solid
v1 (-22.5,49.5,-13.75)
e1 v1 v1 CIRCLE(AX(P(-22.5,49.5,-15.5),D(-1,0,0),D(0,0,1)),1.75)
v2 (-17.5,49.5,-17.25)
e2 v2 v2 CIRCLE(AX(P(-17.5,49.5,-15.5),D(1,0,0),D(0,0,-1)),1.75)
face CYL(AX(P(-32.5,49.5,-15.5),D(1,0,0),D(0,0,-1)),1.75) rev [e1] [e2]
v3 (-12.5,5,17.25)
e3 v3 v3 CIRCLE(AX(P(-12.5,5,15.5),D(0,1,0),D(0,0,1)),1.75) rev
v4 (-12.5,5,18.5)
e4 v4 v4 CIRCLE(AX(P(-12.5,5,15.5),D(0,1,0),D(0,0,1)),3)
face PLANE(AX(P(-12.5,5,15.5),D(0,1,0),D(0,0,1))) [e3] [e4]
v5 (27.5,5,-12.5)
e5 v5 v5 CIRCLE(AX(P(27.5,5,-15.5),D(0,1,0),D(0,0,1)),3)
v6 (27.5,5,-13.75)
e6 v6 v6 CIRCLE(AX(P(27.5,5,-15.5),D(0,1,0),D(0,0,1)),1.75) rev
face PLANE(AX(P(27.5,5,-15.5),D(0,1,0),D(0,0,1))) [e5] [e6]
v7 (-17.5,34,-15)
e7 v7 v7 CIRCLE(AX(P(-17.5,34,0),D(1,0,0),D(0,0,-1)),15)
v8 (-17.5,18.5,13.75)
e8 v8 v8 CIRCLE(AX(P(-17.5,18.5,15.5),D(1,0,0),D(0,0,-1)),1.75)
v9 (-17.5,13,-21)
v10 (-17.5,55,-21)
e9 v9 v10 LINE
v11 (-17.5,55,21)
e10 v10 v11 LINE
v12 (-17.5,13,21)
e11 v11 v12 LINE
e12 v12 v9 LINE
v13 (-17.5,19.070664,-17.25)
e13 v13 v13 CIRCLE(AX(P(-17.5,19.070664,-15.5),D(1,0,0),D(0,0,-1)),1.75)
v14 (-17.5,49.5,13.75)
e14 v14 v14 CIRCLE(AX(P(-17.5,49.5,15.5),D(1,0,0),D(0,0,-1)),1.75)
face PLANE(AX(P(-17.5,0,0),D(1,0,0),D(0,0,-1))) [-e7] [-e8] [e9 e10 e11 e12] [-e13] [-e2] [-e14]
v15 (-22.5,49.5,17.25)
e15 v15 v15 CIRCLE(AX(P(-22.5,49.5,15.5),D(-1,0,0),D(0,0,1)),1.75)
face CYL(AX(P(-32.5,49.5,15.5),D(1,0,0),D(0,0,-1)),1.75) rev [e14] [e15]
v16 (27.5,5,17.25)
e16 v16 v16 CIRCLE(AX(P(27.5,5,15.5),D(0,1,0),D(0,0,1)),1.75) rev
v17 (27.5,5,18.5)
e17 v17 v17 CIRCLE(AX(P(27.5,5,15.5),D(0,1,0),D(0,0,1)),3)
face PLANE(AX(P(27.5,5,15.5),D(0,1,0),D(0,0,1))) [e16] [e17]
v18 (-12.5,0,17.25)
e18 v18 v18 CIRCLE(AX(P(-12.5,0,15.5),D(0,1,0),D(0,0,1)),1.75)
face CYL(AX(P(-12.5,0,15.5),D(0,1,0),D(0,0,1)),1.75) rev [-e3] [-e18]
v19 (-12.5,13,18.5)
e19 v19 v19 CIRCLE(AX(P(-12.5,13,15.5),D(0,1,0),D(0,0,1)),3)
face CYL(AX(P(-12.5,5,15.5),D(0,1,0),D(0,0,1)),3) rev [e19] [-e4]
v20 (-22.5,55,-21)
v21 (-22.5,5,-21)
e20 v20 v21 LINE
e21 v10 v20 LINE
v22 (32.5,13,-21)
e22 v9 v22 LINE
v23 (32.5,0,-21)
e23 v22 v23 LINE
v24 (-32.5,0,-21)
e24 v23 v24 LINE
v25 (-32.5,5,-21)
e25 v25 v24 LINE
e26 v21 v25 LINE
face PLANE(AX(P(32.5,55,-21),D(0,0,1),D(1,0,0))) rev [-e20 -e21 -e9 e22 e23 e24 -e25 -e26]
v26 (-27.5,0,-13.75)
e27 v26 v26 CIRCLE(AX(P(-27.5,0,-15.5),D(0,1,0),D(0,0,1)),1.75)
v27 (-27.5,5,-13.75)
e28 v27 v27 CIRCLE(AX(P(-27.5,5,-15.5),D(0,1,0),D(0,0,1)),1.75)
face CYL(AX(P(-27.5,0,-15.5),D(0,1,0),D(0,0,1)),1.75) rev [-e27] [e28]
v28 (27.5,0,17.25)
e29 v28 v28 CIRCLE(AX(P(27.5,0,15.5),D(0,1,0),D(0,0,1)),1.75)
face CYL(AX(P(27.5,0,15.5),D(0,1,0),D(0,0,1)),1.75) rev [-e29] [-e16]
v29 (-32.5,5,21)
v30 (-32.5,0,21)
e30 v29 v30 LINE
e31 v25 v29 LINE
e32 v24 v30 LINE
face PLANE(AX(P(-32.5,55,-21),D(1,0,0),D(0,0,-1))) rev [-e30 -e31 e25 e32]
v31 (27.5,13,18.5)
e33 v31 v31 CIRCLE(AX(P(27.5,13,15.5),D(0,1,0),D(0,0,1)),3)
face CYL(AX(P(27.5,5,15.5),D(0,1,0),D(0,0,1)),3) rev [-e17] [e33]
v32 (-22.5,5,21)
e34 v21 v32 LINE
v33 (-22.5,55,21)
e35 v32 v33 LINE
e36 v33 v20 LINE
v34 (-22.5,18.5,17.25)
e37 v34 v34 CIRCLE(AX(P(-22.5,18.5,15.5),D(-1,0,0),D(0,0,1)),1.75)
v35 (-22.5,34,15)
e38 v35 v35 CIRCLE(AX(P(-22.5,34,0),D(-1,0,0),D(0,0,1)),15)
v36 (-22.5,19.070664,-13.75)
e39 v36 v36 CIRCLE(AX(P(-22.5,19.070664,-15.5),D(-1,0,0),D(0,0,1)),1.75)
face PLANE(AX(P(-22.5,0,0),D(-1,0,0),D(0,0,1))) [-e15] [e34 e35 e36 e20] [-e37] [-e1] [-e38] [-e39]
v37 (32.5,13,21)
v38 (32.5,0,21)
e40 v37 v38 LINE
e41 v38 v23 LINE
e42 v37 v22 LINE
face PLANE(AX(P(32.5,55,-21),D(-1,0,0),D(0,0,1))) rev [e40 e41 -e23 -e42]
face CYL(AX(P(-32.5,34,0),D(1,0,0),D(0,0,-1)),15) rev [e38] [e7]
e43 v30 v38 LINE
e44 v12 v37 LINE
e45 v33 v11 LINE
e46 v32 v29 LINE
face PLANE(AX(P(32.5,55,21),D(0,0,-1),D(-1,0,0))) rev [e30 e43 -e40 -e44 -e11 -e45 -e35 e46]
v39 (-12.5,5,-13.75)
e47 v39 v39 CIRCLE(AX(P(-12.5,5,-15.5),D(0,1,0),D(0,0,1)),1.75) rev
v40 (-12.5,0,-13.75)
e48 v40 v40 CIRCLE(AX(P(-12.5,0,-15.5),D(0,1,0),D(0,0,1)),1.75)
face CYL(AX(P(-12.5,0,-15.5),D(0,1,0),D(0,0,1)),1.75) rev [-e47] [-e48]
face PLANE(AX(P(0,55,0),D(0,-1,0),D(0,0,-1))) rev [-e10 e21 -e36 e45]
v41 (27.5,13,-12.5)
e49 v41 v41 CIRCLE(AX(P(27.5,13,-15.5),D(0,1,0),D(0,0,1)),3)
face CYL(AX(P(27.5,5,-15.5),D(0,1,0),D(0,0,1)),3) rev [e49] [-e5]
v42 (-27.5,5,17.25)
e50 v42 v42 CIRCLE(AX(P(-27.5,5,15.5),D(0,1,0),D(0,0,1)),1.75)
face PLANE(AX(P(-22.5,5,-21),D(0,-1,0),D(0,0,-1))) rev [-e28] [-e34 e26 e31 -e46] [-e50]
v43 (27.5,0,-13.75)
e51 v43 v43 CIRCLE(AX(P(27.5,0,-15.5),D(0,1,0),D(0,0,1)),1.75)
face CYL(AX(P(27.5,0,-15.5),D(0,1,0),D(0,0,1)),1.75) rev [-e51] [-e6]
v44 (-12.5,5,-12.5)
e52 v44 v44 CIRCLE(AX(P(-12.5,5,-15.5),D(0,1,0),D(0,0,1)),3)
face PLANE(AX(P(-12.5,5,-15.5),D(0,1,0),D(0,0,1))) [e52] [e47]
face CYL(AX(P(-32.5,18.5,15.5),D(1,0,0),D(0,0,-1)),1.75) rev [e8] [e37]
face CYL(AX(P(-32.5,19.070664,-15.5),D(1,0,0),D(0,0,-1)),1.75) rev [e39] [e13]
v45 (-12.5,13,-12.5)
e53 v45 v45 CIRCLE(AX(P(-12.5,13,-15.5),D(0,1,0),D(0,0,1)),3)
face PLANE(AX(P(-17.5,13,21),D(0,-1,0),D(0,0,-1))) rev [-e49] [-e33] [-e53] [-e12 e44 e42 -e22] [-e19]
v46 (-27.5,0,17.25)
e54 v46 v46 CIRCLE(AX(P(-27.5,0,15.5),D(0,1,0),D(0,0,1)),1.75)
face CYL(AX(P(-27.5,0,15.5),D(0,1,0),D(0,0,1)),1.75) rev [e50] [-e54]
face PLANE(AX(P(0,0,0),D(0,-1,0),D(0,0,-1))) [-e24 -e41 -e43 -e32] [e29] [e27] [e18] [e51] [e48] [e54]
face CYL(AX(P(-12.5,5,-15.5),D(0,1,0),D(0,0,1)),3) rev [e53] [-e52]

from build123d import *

# Parameters (mm, degrees)
ESBO_O1_W                = 65
ESBO_O1_H                = 42
RESSALTO_EXTRUS_O1_DEPTH = 55
ESBO_O2_W                = 42
ESBO_O2_H                = 50
CORTE_EXTRUS_O1_DEPTH    = 10
ESBO_O3_W                = 42
ESBO_O3_H                = 42
CORTE_EXTRUS_O2_DEPTH    = 50
ESBO_O4_R                = 1.75
CORTE_EXTRUS_O3_DEPTH    = 78.239886069
ESBO_O5_R                = 1.75
CORTE_EXTRUS_O4_DEPTH    = 64.223808806
ESBO_O6_R                = 1.75
CORTE_EXTRUS_O5_DEPTH    = 58.107355043
ESBO_O7_R                = 3
CORTE_EXTRUS_O6_DEPTH    = 8
ESBO_O8_R                = 15
CORTE_EXTRUS_O7_DEPTH    = 78.239886069


with BuildPart() as part:
    # Esboço1 → Ressalto-extrusão1 (new body)
    with BuildSketch(Plane(origin=(0, 0, 0), x_dir=(1, 0, 0), z_dir=(0, 1, 0))):
        Rectangle(ESBO_O1_W, ESBO_O1_H)
    extrude(amount=RESSALTO_EXTRUS_O1_DEPTH)

    # Esboço2 → Corte-extrusão1 (cut)
    with BuildSketch(Plane.ZY.offset(32.5)):
        with Locations((0, 30)):
            Rectangle(ESBO_O2_W, ESBO_O2_H)
    extrude(amount=-CORTE_EXTRUS_O1_DEPTH, mode=Mode.SUBTRACT)

    # Esboço3 → Corte-extrusão2 (cut)
    with BuildSketch(Plane(origin=(32.5, 0, 0), x_dir=(0, 0, -1), z_dir=(1, 0, 0))):
        with Locations((0, 34)):
            Rectangle(ESBO_O3_W, ESBO_O3_H)
    extrude(amount=-CORTE_EXTRUS_O2_DEPTH, mode=Mode.SUBTRACT)

    # Esboço4 → Corte-extrusão3 (cut, through all)
    with BuildSketch(Plane(origin=(-17.5, 0, 0), x_dir=(0, 0, -1), z_dir=(1, 0, 0))):
        with Locations((-15.5, 49.5)):
            Circle(ESBO_O4_R)
        with Locations((15.5, 49.5)):
            Circle(ESBO_O4_R)
        with Locations((15.5, 19.070664067)):
            Circle(ESBO_O4_R)
        with Locations((-15.5, 18.5)):
            Circle(ESBO_O4_R)
    extrude(amount=-CORTE_EXTRUS_O3_DEPTH, mode=Mode.SUBTRACT)

    # Esboço5 → Corte-extrusão4 (cut, through all)
    with BuildSketch(Plane(origin=(0, 5, 0), x_dir=(1, 0, 0), z_dir=(0, 1, 0))):
        with Locations(Location((-27.5, 15.5, 0), (0, 0, 270))):
            Circle(ESBO_O5_R)
        with Locations(Location((-27.5, -15.5, 0), (0, 0, 270))):
            Circle(ESBO_O5_R)
    extrude(amount=-CORTE_EXTRUS_O4_DEPTH, mode=Mode.SUBTRACT)

    # Esboço6 → Corte-extrusão5 (cut, through all)
    with BuildSketch(Plane(origin=(0, 13, 0), x_dir=(1, 0, 0), z_dir=(0, 1, 0))):
        with Locations(Location((-12.5, 15.5, 0), (0, 0, 270))):
            Circle(ESBO_O6_R)
        with Locations(Location((27.5, 15.5, 0), (0, 0, 270))):
            Circle(ESBO_O6_R)
        with Locations(Location((27.5, -15.5, 0), (0, 0, 270))):
            Circle(ESBO_O6_R)
        with Locations(Location((-12.5, -15.5, 0), (0, 0, 270))):
            Circle(ESBO_O6_R)
    extrude(amount=-CORTE_EXTRUS_O5_DEPTH, mode=Mode.SUBTRACT)

    # Esboço7 → Corte-extrusão6 (cut)
    with BuildSketch(Plane(origin=(0, 13, 0), x_dir=(1, 0, 0), z_dir=(0, 1, 0))):
        with Locations(Location((-12.5, 15.5, 0), (0, 0, 270))):
            Circle(ESBO_O7_R)
        with Locations(Location((27.5, 15.5, 0), (0, 0, 270))):
            Circle(ESBO_O7_R)
        with Locations(Location((27.5, -15.5, 0), (0, 0, 270))):
            Circle(ESBO_O7_R)
        with Locations(Location((-12.5, -15.5, 0), (0, 0, 270))):
            Circle(ESBO_O7_R)
    extrude(amount=-CORTE_EXTRUS_O6_DEPTH, mode=Mode.SUBTRACT)

    # Esboço8 → Corte-extrusão7 (cut, through all)
    with BuildSketch(Plane(origin=(-17.5, 0, 0), x_dir=(0, 0, -1), z_dir=(1, 0, 0))):
        with Locations((0, 34)):
            Circle(ESBO_O8_R)
    extrude(amount=-CORTE_EXTRUS_O7_DEPTH, mode=Mode.SUBTRACT)


solid = part.part
